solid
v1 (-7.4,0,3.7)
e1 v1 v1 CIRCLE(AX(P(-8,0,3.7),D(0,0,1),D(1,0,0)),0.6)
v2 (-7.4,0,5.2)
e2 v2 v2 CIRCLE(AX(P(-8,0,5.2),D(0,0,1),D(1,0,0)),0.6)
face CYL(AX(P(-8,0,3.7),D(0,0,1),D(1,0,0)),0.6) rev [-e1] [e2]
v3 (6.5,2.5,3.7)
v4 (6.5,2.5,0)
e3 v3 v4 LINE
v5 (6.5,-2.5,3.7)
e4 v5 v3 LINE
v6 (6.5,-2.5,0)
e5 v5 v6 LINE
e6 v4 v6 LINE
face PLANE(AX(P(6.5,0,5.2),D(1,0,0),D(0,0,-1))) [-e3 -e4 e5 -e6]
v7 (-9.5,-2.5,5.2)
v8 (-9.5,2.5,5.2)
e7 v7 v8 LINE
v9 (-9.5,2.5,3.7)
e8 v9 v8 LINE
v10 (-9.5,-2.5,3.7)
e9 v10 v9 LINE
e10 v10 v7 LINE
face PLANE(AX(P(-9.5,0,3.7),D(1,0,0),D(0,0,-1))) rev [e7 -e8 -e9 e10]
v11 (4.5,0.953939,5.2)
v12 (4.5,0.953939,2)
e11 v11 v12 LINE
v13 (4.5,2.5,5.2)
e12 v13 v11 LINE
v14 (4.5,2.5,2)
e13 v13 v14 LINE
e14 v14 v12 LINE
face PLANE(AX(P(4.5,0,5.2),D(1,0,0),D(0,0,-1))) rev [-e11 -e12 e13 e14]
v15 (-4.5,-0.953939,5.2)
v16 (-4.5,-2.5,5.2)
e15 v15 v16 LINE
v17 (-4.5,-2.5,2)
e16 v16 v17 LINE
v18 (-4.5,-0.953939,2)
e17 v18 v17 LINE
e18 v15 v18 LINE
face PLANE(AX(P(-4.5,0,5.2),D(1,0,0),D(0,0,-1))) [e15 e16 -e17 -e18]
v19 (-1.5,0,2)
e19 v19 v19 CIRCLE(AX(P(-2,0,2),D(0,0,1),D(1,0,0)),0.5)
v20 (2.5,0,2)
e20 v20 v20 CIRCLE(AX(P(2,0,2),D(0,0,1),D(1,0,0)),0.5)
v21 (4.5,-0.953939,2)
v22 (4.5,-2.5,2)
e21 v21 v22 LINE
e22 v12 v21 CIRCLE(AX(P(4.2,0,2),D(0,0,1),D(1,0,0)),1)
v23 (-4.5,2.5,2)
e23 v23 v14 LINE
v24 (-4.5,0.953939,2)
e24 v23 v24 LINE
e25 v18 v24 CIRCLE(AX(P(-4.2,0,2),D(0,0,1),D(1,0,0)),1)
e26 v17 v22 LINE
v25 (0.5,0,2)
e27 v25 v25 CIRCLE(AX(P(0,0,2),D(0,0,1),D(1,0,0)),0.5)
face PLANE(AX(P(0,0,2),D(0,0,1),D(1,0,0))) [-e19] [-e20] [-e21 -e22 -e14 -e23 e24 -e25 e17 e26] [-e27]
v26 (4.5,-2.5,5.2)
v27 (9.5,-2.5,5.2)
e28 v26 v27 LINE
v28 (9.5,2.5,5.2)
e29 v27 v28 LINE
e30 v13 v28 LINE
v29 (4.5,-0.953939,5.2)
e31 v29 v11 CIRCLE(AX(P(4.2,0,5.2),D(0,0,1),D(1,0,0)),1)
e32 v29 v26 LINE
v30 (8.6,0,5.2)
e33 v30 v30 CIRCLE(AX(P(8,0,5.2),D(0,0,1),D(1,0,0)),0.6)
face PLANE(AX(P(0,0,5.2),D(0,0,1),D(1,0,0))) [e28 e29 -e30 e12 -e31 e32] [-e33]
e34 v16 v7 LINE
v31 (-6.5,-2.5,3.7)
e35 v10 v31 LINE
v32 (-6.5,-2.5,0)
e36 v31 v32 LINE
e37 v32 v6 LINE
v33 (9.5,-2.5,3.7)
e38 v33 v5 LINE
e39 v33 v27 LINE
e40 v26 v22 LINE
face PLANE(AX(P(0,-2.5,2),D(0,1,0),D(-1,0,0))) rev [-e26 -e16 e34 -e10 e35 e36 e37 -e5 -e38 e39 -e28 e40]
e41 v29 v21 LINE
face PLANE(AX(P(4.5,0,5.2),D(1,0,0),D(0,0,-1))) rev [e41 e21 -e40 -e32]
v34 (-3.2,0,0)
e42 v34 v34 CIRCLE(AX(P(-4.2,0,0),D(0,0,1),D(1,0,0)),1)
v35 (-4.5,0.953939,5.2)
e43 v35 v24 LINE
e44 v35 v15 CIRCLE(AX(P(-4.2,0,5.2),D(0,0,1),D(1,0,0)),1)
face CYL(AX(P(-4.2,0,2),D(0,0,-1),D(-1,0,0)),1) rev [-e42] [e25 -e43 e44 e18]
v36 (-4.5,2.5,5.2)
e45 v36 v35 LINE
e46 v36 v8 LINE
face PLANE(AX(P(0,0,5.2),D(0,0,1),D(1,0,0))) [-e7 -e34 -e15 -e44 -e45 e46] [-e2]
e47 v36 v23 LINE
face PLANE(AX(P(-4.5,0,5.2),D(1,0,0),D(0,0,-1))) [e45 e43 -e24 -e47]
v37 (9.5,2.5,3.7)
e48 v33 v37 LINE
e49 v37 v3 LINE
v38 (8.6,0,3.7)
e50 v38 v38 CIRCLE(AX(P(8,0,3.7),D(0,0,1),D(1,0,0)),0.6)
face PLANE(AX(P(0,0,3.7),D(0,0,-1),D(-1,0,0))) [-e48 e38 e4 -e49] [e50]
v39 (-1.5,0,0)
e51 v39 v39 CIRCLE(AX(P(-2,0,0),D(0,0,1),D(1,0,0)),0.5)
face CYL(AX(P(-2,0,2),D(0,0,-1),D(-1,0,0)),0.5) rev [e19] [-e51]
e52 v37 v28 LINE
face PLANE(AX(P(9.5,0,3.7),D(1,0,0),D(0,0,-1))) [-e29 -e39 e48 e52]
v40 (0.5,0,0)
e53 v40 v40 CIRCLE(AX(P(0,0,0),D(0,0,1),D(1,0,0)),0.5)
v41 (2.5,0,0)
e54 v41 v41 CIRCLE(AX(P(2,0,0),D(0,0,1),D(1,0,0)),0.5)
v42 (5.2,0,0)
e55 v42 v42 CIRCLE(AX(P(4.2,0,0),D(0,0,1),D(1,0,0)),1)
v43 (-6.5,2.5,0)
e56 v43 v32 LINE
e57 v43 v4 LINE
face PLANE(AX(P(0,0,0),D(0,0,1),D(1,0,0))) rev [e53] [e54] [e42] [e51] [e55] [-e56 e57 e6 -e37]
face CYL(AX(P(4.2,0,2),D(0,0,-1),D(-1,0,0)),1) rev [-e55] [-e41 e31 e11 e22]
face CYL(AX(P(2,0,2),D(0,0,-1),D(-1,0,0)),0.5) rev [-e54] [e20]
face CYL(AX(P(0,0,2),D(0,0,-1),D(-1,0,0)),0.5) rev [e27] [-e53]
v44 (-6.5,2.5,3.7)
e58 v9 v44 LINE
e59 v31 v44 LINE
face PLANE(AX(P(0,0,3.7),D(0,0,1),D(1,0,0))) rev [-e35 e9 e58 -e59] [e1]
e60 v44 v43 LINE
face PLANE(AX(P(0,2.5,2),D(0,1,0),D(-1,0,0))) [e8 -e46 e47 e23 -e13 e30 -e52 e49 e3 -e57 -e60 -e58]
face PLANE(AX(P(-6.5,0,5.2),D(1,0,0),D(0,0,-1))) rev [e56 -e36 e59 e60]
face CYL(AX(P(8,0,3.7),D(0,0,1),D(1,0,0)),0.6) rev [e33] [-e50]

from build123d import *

# Parameters (mm, degrees)
SKETCH_1_R      = 0.5
EXTRUDE_1_DEPTH = 2
EXTRUDE_2_DEPTH = 5.2
EXTRUDE_START   = 5.2
SKETCH_1_13_W   = 3
SKETCH_1_13_H   = 5
SKETCH_1_13_R   = 0.6
EXTRUDE_3_DEPTH = 1.5


with BuildPart() as part:
    # 草图1 → 凸台-拉伸1 (new body)
    with BuildSketch(Plane.XY):
        with BuildLine():
            Line((4.5, 2.5), (-4.5, 2.5))
            Line((-4.5, 2.5), (-4.5, 0.953939201))
            ThreePointArc((-4.5, 0.953939201), (-3.608392022, 0.806225775), (-3.2, 0))
            ThreePointArc((-3.2, 0), (-3.608392022, -0.806225775), (-4.5, -0.953939201))
            Line((-4.5, -0.953939201), (-4.5, -2.5))
            Line((-4.5, -2.5), (4.5, -2.5))
            Line((4.5, -2.5), (4.5, -0.953939201))
            ThreePointArc((4.5, -0.953939201), (3.2, 0), (4.5, 0.953939201))
            Line((4.5, 0.953939201), (4.5, 2.5))
        make_face()
        with BuildLine():
            ThreePointArc((2.5, 0), (2, -0.5), (1.5, 0))
            ThreePointArc((1.5, 0), (2, 0.5), (2.5, 0))
        make_face(mode=Mode.SUBTRACT)
        with Locations((-2, 0)):
            Circle(SKETCH_1_R, mode=Mode.SUBTRACT)
        with BuildLine():
            ThreePointArc((0.5, 0), (0, -0.5), (-0.5, 0))
            ThreePointArc((-0.5, 0), (0, 0.5), (0.5, 0))
        make_face(mode=Mode.SUBTRACT)
    extrude(amount=EXTRUDE_1_DEPTH)

    # 草图1<10> → 凸台-拉伸2 (add)
    with BuildSketch(Plane.XY):
        with BuildLine():
            Line((-4.5, 0.953939201), (-4.5, 2.5))
            Line((-4.5, 2.5), (-6.5, 2.5))
            Line((-6.5, 2.5), (-6.5, -2.5))
            Line((-6.5, -2.5), (-4.5, -2.5))
            Line((-4.5, -2.5), (-4.5, -0.953939201))
            ThreePointArc((-4.5, -0.953939201), (-5.2, 0), (-4.5, 0.953939201))
        make_face()
        with BuildLine():
            Line((6.5, 2.5), (4.5, 2.5))
            Line((4.5, 2.5), (4.5, 0.953939201))
            ThreePointArc((4.5, 0.953939201), (5.2, 0), (4.5, -0.953939201))
            Line((4.5, -0.953939201), (4.5, -2.5))
            Line((4.5, -2.5), (6.5, -2.5))
            Line((6.5, -2.5), (6.5, 2.5))
        make_face()
    extrude(amount=EXTRUDE_2_DEPTH)

    # 草图1<13> → 凸台-拉伸3 (add)
    # profile 1 of 2: a face of its own
    with BuildSketch(Plane.XY.offset(EXTRUDE_START)):
        with Locations((-8, 0)):
            Rectangle(SKETCH_1_13_W, SKETCH_1_13_H)
        with Locations((-8, 0)):
            Circle(SKETCH_1_13_R, mode=Mode.SUBTRACT)
    # profile 2 of 2: a face of its own
    with BuildSketch(Plane.XY.offset(EXTRUDE_START)):
        with Locations((8, 0)):
            Rectangle(SKETCH_1_13_W, SKETCH_1_13_H)
        with Locations((8, 0)):
            Circle(SKETCH_1_13_R, mode=Mode.SUBTRACT)
    extrude(amount=-EXTRUDE_3_DEPTH)


solid = part.part
